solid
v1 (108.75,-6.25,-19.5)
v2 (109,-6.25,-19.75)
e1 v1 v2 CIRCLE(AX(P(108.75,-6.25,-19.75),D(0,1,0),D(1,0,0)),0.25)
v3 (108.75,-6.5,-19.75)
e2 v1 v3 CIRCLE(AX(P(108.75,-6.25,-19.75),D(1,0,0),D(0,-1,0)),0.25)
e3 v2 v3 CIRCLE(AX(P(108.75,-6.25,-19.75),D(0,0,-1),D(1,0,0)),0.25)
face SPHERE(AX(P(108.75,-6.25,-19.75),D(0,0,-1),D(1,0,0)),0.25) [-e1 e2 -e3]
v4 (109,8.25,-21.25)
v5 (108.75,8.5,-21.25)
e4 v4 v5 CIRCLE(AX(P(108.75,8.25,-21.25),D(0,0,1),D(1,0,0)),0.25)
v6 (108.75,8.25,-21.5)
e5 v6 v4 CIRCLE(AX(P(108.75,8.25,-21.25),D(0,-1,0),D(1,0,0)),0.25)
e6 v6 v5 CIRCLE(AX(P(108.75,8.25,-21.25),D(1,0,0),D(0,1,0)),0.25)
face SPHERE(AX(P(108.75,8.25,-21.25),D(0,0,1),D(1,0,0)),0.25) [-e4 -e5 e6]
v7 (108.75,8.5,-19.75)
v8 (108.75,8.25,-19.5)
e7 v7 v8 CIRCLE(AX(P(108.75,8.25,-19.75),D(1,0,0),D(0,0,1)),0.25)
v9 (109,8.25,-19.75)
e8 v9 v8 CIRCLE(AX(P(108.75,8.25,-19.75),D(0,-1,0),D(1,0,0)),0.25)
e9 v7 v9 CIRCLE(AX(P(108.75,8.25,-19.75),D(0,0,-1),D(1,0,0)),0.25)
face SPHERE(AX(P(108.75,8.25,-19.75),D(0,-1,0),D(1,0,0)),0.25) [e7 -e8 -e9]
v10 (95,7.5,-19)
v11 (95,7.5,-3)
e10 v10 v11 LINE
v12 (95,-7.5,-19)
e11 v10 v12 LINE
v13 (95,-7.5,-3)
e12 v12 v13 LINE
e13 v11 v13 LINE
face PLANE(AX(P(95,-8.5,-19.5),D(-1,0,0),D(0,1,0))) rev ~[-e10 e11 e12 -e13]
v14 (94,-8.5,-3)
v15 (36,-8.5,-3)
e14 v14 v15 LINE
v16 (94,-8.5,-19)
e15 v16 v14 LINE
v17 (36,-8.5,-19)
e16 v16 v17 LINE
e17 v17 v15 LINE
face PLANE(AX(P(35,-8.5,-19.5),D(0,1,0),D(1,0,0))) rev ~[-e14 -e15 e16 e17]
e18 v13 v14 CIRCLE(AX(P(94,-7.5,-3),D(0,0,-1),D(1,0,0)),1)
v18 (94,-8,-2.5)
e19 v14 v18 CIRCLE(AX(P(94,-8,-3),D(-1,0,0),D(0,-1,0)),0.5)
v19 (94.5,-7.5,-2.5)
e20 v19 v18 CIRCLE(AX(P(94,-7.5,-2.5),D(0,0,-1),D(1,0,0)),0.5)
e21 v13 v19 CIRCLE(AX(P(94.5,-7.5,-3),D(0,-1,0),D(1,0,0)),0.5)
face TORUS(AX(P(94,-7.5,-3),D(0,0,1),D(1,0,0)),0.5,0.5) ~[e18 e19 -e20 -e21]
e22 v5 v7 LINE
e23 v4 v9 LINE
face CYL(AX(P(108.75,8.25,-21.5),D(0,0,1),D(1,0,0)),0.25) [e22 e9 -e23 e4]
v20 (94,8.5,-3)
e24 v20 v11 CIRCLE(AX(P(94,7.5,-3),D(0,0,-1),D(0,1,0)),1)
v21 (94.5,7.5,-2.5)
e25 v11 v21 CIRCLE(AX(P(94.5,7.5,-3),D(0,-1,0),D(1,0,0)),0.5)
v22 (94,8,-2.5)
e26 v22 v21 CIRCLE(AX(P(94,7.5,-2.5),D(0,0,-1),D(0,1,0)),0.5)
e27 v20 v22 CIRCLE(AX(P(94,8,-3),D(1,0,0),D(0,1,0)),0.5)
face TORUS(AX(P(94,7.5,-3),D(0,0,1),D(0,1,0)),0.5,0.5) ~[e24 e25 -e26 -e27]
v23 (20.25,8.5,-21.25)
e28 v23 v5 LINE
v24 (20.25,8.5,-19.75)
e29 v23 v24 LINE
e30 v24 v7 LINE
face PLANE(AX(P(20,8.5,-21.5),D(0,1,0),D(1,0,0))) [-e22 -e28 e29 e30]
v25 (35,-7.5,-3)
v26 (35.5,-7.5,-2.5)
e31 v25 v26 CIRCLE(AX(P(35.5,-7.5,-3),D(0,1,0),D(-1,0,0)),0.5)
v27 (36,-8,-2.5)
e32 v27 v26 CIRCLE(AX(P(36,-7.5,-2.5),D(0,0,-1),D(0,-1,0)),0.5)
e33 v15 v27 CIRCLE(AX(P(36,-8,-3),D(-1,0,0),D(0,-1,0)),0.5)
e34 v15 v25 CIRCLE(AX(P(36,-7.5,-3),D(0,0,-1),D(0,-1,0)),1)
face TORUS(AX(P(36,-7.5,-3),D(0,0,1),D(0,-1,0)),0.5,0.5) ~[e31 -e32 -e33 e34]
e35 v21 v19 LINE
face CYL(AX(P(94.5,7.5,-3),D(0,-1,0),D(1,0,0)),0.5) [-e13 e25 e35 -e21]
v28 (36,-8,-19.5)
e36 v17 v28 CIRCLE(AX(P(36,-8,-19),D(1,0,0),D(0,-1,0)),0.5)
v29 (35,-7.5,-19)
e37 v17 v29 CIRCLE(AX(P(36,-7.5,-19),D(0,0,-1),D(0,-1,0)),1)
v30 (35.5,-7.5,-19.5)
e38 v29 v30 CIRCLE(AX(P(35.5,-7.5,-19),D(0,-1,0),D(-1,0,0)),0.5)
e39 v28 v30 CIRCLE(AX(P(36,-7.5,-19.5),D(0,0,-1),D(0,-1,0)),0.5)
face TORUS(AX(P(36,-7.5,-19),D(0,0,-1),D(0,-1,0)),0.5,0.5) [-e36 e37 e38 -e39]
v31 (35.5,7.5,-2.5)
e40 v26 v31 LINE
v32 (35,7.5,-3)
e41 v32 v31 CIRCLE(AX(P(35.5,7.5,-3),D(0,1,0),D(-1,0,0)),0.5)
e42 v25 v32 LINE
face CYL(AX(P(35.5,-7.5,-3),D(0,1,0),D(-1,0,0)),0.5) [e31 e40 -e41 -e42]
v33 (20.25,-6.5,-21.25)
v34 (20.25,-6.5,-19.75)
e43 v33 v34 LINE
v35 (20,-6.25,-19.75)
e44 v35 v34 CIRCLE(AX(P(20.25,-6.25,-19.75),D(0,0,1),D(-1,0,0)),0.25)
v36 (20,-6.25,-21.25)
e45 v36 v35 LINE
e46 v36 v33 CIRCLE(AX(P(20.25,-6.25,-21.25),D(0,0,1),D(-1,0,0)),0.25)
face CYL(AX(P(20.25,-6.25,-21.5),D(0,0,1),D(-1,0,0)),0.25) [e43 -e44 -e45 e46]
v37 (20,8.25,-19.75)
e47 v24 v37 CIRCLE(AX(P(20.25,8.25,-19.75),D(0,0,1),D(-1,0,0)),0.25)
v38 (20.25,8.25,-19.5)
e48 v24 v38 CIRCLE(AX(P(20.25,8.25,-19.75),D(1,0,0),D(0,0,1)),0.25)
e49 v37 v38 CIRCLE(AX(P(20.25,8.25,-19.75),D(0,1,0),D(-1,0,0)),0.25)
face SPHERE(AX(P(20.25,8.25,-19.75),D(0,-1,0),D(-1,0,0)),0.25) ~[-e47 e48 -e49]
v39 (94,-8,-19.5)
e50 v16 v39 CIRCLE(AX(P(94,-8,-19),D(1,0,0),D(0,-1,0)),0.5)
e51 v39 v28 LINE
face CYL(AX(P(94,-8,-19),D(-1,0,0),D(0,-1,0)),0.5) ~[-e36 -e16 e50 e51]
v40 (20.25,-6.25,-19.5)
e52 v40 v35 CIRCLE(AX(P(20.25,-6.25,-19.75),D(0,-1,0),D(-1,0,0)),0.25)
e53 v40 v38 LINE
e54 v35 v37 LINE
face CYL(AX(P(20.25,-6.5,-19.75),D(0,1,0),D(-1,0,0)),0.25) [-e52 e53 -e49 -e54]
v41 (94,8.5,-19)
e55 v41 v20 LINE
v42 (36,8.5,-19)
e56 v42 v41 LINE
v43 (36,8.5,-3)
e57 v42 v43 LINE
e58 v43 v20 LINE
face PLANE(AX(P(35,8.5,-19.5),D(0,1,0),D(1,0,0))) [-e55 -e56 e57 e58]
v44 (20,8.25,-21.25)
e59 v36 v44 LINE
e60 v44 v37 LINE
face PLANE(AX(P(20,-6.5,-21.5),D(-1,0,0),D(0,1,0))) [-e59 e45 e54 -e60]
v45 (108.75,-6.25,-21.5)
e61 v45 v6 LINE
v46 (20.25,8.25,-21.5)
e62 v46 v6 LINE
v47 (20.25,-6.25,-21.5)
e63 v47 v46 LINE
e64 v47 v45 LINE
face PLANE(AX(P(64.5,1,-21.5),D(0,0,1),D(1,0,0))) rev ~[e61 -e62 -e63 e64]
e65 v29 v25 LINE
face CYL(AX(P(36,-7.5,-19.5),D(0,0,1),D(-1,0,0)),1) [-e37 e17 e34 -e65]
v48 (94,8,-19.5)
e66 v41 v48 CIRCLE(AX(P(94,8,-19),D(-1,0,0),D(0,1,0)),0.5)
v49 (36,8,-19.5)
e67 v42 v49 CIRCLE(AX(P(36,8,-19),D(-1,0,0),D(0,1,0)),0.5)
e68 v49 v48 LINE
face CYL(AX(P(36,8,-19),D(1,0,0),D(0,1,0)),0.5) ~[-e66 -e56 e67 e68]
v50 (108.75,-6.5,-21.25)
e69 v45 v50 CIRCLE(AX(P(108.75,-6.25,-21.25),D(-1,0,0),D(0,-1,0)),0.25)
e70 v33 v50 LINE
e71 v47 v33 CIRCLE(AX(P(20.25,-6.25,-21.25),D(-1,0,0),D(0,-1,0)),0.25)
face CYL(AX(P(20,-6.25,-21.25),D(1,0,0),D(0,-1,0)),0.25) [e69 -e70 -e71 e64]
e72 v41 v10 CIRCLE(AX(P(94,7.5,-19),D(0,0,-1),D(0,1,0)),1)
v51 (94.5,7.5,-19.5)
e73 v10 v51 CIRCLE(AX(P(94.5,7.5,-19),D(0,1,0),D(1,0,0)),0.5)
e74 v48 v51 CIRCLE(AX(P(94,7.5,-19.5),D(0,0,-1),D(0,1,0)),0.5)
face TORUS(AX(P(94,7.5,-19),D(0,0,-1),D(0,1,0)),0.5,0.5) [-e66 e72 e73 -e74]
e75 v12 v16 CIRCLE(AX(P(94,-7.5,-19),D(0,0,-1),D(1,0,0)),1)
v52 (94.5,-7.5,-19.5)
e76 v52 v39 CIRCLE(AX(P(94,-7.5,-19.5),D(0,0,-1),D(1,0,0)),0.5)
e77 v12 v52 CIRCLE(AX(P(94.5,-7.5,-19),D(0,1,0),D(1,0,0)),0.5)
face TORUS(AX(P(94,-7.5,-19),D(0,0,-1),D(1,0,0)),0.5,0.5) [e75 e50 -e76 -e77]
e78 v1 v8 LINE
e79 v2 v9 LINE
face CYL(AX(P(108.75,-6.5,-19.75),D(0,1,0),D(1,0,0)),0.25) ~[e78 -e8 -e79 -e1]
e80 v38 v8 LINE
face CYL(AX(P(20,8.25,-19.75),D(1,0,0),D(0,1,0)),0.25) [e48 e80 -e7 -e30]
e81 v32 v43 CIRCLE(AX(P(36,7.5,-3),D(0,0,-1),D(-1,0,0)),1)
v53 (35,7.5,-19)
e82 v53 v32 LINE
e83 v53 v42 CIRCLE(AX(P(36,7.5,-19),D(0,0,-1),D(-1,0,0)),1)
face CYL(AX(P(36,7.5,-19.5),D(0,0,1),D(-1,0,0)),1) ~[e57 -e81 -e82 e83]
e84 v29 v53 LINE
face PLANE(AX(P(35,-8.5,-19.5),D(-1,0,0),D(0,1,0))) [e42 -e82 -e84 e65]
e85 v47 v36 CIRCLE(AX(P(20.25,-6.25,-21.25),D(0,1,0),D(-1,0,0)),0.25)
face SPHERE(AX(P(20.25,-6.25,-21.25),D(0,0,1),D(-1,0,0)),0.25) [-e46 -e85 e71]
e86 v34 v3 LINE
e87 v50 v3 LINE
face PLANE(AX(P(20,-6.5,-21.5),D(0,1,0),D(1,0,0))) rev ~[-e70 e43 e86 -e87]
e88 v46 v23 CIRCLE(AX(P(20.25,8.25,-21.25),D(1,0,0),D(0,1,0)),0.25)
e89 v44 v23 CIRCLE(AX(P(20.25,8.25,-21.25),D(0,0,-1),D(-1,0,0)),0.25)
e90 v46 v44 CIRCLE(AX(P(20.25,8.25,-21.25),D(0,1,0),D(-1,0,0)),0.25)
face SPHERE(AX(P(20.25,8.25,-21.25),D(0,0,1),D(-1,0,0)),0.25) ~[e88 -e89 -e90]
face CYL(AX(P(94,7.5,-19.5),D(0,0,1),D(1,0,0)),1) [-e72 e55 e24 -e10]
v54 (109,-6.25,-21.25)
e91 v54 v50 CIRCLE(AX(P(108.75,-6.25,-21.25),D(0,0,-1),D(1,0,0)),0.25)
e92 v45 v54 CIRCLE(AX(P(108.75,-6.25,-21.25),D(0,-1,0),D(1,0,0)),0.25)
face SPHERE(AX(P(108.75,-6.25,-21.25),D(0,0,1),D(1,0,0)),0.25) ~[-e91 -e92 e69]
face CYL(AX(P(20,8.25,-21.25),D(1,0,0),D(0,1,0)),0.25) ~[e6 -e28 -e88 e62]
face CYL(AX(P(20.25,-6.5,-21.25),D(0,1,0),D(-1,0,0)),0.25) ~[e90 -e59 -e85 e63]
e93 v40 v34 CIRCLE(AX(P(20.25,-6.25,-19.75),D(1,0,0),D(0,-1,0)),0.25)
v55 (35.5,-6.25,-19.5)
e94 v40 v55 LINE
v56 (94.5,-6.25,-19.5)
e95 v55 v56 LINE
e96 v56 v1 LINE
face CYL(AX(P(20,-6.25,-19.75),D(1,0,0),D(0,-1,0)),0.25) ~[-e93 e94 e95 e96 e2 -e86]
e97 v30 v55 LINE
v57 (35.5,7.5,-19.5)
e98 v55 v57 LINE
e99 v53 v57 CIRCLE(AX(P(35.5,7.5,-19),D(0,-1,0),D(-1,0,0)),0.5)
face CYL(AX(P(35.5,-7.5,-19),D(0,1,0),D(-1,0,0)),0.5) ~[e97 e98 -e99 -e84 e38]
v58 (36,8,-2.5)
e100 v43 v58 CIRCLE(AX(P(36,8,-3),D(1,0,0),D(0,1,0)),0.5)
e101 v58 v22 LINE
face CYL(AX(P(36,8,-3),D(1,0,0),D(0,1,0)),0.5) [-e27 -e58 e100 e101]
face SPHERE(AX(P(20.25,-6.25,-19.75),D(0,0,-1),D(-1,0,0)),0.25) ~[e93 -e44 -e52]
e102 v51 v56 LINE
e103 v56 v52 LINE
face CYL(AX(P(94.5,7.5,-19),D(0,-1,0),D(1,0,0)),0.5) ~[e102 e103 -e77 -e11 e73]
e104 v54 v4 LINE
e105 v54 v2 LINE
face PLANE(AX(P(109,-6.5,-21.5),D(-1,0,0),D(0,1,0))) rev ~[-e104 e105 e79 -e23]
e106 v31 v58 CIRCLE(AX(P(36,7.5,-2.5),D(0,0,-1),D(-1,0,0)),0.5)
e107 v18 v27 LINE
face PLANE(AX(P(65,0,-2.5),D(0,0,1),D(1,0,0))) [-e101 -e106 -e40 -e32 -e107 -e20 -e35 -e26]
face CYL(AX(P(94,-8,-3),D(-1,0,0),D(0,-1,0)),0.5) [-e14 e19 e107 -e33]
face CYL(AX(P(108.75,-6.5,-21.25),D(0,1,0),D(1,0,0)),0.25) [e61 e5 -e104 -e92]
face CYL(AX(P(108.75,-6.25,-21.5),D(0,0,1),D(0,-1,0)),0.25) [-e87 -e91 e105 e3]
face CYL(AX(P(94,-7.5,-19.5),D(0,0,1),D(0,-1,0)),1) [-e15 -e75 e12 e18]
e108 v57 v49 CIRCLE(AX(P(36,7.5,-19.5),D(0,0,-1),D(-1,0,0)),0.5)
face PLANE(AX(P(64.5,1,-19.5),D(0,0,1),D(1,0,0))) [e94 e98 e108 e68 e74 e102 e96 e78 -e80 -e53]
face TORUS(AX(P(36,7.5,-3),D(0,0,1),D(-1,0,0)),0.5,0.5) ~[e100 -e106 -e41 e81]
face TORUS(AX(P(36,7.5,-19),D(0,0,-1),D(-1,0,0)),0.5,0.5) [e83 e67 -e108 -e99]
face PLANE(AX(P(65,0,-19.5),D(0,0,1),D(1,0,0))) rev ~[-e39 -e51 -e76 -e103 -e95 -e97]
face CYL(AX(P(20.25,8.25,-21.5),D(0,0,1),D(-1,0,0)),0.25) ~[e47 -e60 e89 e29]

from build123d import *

# Parameters (mm, degrees)
BOX_W        = 60
BOX_H        = 17
BOX_DEPTH    = 17
FILLET001_R  = 1
FILLET002_R  = 0.5
BOX008_W     = 89
BOX008_H     = 15
BOX008_DEPTH = 2
FILLET003_R  = 0.25


with BuildPart() as vrm_cooler_body:
    # Box → Box (new body)
    with BuildSketch(Plane(origin=(0, -8.5, -17), x_dir=(1, 0, 0), z_dir=(0, 0, 1))):
        with Locations((30, 8.5)):
            Rectangle(BOX_W, BOX_H)
    extrude(amount=BOX_DEPTH)

    # Fillet001
    fillet001_edges = [vrm_cooler_body.edges().sort_by_distance(p)[0] for p in [
        (0, -8.5, -8.5),
        (0, 8.5, -8.5),
        (60, -8.5, -8.5),
        (60, 8.5, -8.5),
    ]]
    fillet(fillet001_edges, radius=FILLET001_R)

    # Fillet002
    fillet002_edges = [vrm_cooler_body.edges().sort_by_distance(p)[0] for p in [
        (0, 0, 0),
        (0, 0, -17),
        (30, -8.5, 0),
        (30, 8.5, 0),
        (60, 0, 0),
        (30, -8.5, -17),
        (30, 8.5, -17),
        (60, 0, -17),
    ]]
    fillet(fillet002_edges, radius=FILLET002_R)


with BuildPart() as vrm_cooler_body_1:
    # Fillet002 placement: moved
    add(vrm_cooler_body.part.moved(Location((35, 0, -2.5))))


with BuildPart() as fusion035:
    # Box008 → Box008 (new body)
    with BuildSketch(Plane(origin=(0, -6.5, -2), x_dir=(1, 0, 0), z_dir=(0, 0, 1))):
        with Locations((44.5, 7.5)):
            Rectangle(BOX008_W, BOX008_H)
    extrude(amount=BOX008_DEPTH)

    # Fillet003
    fillet003_edges = [fusion035.edges().sort_by_distance(p)[0] for p in [
        (0, -6.5, -1),
        (0, 1, 0),
        (0, 8.5, -1),
        (0, 1, -2),
        (89, -6.5, -1),
        (89, 1, 0),
        (89, 8.5, -1),
        (89, 1, -2),
        (44.5, -6.5, -2),
        (44.5, -6.5, 0),
        (44.5, 8.5, -2),
        (44.5, 8.5, 0),
    ]]
    fillet(fillet003_edges, radius=FILLET003_R)


with BuildPart() as fusion035_1:
    # Fillet003 placement: moved
    add(fusion035.part.moved(Location((20, 0, -19.5))))

    # Fusion035: union VRM-Cooler-Body
    add(vrm_cooler_body_1.part)


solid = fusion035_1.part
